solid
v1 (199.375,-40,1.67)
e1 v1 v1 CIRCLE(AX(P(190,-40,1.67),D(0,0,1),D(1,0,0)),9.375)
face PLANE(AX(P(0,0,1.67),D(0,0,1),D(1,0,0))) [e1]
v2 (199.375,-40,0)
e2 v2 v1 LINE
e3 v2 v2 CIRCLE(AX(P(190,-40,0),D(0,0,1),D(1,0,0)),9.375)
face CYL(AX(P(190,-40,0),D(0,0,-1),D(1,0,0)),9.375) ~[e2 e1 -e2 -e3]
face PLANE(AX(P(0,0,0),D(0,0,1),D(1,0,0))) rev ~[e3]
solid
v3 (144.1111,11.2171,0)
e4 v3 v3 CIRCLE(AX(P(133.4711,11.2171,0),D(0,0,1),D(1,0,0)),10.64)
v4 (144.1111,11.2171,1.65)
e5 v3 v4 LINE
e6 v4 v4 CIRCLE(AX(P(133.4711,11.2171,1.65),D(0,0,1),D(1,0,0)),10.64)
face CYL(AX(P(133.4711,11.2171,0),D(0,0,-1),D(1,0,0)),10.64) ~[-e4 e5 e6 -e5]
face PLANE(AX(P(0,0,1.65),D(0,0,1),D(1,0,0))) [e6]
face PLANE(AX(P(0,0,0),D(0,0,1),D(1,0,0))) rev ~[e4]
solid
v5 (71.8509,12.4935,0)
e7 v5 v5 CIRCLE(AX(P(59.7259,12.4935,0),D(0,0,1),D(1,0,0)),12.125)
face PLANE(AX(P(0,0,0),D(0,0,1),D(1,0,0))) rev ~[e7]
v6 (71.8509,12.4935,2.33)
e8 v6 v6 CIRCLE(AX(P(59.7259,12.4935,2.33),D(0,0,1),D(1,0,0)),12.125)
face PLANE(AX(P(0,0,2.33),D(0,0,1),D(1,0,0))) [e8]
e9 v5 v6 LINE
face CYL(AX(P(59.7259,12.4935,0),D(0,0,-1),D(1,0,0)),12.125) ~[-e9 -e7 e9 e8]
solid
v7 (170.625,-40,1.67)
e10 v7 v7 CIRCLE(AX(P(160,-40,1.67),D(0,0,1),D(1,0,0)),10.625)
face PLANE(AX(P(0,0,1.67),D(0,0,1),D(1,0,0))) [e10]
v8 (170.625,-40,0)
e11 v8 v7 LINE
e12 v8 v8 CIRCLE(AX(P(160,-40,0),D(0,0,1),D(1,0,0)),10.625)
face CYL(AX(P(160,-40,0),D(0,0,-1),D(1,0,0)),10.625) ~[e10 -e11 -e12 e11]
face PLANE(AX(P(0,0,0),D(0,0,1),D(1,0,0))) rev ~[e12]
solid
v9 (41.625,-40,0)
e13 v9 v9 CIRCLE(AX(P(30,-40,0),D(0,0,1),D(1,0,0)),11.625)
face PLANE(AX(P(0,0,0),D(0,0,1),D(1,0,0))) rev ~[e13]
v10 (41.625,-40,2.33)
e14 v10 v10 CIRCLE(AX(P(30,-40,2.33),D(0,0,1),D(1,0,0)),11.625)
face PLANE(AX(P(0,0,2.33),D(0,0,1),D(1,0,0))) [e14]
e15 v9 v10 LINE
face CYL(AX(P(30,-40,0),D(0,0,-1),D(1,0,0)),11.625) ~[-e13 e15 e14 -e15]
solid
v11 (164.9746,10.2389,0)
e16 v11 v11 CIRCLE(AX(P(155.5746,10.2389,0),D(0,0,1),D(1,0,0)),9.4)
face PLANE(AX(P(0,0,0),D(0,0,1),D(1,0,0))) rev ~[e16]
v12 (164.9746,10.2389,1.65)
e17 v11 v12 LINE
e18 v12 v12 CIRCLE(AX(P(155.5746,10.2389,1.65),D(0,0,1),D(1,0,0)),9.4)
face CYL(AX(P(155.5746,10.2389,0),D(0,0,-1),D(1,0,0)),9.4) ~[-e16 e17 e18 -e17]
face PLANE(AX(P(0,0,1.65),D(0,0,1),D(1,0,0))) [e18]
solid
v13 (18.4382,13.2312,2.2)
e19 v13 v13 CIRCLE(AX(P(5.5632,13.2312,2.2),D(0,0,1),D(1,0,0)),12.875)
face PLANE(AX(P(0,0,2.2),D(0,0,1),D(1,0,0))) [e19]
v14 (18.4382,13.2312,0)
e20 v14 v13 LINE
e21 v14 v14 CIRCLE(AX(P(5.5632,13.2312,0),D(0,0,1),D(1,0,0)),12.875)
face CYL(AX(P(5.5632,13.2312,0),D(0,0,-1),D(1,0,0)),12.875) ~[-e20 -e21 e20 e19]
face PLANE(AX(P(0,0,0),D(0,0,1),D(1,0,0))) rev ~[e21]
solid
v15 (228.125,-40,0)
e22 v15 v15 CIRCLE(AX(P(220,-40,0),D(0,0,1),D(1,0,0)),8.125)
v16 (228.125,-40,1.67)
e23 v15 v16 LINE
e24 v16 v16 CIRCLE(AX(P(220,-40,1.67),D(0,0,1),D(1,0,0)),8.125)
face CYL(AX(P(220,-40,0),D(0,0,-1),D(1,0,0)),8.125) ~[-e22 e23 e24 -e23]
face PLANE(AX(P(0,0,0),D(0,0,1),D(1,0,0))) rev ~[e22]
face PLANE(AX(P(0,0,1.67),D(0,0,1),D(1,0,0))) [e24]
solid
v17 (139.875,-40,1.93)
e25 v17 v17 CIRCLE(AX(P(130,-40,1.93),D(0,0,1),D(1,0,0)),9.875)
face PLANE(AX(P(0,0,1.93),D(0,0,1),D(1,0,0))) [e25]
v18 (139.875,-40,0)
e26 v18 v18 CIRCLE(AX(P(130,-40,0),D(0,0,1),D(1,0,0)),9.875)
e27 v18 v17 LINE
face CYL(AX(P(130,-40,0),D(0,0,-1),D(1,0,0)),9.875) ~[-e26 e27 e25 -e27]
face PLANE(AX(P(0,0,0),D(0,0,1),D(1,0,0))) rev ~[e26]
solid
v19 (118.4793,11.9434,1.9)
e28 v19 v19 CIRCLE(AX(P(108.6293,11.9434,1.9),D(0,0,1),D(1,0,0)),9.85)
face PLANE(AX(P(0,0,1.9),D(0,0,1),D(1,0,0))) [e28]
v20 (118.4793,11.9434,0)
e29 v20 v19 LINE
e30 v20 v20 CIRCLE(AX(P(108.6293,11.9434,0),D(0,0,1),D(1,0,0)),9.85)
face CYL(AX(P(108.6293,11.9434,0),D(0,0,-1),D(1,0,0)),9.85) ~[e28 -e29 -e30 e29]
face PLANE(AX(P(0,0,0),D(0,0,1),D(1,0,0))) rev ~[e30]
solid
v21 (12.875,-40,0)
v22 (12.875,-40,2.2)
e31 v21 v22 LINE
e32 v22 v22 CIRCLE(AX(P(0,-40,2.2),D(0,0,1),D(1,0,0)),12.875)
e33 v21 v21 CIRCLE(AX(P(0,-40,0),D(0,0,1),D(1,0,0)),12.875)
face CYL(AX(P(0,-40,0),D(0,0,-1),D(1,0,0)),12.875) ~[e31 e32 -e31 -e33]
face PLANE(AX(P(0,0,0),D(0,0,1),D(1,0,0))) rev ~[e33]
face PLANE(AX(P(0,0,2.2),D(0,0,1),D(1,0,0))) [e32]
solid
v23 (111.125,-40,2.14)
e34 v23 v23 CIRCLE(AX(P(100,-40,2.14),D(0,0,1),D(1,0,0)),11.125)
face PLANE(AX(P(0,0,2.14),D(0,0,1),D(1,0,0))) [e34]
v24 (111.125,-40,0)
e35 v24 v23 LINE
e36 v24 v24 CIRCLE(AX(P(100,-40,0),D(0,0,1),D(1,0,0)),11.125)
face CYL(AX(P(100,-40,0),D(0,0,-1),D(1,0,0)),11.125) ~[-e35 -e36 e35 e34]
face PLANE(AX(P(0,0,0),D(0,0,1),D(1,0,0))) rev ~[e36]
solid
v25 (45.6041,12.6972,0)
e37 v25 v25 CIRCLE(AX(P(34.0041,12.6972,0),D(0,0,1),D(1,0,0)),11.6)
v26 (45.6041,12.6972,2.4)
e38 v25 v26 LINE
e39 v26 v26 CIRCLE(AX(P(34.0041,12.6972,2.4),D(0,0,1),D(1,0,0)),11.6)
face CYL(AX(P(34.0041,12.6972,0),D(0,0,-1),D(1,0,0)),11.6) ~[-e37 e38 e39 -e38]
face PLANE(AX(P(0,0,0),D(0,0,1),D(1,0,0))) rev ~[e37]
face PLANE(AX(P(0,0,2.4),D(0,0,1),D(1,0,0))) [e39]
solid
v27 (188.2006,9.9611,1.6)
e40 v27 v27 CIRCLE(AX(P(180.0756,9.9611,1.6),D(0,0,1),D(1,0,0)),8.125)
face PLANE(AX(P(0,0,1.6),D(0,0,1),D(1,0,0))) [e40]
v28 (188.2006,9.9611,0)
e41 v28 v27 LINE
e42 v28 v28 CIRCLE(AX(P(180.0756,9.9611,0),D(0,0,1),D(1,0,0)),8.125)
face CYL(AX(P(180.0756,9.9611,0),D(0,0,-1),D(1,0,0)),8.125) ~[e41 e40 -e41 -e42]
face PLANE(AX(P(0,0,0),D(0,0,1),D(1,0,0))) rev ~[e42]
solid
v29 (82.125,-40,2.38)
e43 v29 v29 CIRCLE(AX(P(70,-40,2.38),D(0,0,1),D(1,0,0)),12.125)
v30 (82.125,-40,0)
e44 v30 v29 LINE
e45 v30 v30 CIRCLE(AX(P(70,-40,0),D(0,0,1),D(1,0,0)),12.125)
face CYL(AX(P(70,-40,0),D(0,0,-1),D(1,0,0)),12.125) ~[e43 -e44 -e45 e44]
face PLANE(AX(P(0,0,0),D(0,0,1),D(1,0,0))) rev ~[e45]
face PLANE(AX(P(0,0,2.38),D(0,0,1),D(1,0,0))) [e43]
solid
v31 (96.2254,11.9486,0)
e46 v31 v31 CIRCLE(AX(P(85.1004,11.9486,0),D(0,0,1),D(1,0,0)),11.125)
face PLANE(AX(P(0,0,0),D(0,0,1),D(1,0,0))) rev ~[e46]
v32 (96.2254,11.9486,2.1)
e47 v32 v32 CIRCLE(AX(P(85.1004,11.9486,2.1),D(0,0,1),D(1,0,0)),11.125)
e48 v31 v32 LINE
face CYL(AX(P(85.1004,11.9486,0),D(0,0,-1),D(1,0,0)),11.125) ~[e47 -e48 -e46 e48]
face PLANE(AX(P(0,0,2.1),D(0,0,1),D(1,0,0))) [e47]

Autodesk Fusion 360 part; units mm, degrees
sketch "Esquisse1" plane through (0, 0, 0) normal (0, 0, 1) x (1, 0, 0)
  circle A0 centre (5.5632, 13.2312) radius 12.875
  circle A1 centre (34.0041, 12.6972) radius 11.6
  circle A2 centre (59.7259, 12.4935) radius 12.125
  circle A3 centre (85.1004, 11.9486) radius 11.125
  circle A4 centre (108.6293, 11.9434) radius 9.85
  circle A5 centre (133.4711, 11.2171) radius 10.64
  circle A6 centre (155.5746, 10.2389) radius 9.4
  circle A7 centre (180.0756, 9.9611) radius 8.125
  circle A8 centre (0, -40) radius 12.875
  circle A9 centre (30, -40) radius 11.625
  circle A10 centre (70, -40) radius 12.125
  circle A11 centre (100, -40) radius 11.125
  circle A12 centre (130, -40) radius 9.875
  circle A13 centre (160, -40) radius 10.625
  circle A14 centre (190, -40) radius 9.375
  circle A15 centre (220, -40) radius 8.125
  dimension "d1" = 25.75
  dimension "d2" = 23.2
  dimension "d3" = 24.25
  dimension "d4" = 22.25
  dimension "d5" = 19.7
  dimension "d6" = 21.28
  dimension "d7" = 18.8
  dimension "d8" = 16.25
  dimension "d25" = 25.75
  dimension "d26" = 23.25
  dimension "d27" = 24.25
  dimension "d28" = 22.25
  dimension "d29" = 19.75
  dimension "d30" = 21.25
  dimension "d31" = 18.75
  dimension "d32" = 16.25
extrude "Extrusion1" add sketch "Esquisse1" along normal blind 2.2 contours A0 makes body 1
extrude "Extrusion2" add sketch "Esquisse1" along normal blind 2.4 separate body contours A1 makes body 2
extrude "Extrusion3" add sketch "Esquisse1" along normal blind 2.33 separate body contours A2 makes body 3
extrude "Extrusion4" add sketch "Esquisse1" along normal blind 2.1 separate body contours A3 makes body 4
extrude "Extrusion5" add sketch "Esquisse1" along normal blind 1.9 separate body contours A4 makes body 5
extrude "Extrusion6" add sketch "Esquisse1" along normal blind 1.65 separate body contours A5 makes body 6
extrude "Extrusion7" add sketch "Esquisse1" along normal blind 1.65 separate body contours A6 makes body 7
extrude "Extrusion8" add sketch "Esquisse1" along normal blind 1.6 separate body contours A7 makes body 8
extrude "Extrusion9" add sketch "Esquisse1" along normal blind 1.67 separate body contours A15 makes body 9
extrude "Extrusion10" add sketch "Esquisse1" along normal blind 1.67 separate body contours A14 makes body 10
extrude "Extrusion11" add sketch "Esquisse1" along normal blind 1.67 separate body contours A13 makes body 11
extrude "Extrusion12" add sketch "Esquisse1" along normal blind 1.93 separate body contours A12 makes body 12
extrude "Extrusion13" add sketch "Esquisse1" along normal blind 2.14 separate body contours A11 makes body 13
extrude "Extrusion14" add sketch "Esquisse1" along normal blind 2.38 separate body contours A10 makes body 14
extrude "Extrusion15" add sketch "Esquisse1" along normal blind 2.33 separate body contours A9 makes body 15
extrude "Extrusion16" add sketch "Esquisse1" along normal blind 2.2 separate body contours A8 makes body 16
sketch "Esquisse2" plane through (0, 0, 0) normal (0, 0, 1) x (1, 0, 0)
